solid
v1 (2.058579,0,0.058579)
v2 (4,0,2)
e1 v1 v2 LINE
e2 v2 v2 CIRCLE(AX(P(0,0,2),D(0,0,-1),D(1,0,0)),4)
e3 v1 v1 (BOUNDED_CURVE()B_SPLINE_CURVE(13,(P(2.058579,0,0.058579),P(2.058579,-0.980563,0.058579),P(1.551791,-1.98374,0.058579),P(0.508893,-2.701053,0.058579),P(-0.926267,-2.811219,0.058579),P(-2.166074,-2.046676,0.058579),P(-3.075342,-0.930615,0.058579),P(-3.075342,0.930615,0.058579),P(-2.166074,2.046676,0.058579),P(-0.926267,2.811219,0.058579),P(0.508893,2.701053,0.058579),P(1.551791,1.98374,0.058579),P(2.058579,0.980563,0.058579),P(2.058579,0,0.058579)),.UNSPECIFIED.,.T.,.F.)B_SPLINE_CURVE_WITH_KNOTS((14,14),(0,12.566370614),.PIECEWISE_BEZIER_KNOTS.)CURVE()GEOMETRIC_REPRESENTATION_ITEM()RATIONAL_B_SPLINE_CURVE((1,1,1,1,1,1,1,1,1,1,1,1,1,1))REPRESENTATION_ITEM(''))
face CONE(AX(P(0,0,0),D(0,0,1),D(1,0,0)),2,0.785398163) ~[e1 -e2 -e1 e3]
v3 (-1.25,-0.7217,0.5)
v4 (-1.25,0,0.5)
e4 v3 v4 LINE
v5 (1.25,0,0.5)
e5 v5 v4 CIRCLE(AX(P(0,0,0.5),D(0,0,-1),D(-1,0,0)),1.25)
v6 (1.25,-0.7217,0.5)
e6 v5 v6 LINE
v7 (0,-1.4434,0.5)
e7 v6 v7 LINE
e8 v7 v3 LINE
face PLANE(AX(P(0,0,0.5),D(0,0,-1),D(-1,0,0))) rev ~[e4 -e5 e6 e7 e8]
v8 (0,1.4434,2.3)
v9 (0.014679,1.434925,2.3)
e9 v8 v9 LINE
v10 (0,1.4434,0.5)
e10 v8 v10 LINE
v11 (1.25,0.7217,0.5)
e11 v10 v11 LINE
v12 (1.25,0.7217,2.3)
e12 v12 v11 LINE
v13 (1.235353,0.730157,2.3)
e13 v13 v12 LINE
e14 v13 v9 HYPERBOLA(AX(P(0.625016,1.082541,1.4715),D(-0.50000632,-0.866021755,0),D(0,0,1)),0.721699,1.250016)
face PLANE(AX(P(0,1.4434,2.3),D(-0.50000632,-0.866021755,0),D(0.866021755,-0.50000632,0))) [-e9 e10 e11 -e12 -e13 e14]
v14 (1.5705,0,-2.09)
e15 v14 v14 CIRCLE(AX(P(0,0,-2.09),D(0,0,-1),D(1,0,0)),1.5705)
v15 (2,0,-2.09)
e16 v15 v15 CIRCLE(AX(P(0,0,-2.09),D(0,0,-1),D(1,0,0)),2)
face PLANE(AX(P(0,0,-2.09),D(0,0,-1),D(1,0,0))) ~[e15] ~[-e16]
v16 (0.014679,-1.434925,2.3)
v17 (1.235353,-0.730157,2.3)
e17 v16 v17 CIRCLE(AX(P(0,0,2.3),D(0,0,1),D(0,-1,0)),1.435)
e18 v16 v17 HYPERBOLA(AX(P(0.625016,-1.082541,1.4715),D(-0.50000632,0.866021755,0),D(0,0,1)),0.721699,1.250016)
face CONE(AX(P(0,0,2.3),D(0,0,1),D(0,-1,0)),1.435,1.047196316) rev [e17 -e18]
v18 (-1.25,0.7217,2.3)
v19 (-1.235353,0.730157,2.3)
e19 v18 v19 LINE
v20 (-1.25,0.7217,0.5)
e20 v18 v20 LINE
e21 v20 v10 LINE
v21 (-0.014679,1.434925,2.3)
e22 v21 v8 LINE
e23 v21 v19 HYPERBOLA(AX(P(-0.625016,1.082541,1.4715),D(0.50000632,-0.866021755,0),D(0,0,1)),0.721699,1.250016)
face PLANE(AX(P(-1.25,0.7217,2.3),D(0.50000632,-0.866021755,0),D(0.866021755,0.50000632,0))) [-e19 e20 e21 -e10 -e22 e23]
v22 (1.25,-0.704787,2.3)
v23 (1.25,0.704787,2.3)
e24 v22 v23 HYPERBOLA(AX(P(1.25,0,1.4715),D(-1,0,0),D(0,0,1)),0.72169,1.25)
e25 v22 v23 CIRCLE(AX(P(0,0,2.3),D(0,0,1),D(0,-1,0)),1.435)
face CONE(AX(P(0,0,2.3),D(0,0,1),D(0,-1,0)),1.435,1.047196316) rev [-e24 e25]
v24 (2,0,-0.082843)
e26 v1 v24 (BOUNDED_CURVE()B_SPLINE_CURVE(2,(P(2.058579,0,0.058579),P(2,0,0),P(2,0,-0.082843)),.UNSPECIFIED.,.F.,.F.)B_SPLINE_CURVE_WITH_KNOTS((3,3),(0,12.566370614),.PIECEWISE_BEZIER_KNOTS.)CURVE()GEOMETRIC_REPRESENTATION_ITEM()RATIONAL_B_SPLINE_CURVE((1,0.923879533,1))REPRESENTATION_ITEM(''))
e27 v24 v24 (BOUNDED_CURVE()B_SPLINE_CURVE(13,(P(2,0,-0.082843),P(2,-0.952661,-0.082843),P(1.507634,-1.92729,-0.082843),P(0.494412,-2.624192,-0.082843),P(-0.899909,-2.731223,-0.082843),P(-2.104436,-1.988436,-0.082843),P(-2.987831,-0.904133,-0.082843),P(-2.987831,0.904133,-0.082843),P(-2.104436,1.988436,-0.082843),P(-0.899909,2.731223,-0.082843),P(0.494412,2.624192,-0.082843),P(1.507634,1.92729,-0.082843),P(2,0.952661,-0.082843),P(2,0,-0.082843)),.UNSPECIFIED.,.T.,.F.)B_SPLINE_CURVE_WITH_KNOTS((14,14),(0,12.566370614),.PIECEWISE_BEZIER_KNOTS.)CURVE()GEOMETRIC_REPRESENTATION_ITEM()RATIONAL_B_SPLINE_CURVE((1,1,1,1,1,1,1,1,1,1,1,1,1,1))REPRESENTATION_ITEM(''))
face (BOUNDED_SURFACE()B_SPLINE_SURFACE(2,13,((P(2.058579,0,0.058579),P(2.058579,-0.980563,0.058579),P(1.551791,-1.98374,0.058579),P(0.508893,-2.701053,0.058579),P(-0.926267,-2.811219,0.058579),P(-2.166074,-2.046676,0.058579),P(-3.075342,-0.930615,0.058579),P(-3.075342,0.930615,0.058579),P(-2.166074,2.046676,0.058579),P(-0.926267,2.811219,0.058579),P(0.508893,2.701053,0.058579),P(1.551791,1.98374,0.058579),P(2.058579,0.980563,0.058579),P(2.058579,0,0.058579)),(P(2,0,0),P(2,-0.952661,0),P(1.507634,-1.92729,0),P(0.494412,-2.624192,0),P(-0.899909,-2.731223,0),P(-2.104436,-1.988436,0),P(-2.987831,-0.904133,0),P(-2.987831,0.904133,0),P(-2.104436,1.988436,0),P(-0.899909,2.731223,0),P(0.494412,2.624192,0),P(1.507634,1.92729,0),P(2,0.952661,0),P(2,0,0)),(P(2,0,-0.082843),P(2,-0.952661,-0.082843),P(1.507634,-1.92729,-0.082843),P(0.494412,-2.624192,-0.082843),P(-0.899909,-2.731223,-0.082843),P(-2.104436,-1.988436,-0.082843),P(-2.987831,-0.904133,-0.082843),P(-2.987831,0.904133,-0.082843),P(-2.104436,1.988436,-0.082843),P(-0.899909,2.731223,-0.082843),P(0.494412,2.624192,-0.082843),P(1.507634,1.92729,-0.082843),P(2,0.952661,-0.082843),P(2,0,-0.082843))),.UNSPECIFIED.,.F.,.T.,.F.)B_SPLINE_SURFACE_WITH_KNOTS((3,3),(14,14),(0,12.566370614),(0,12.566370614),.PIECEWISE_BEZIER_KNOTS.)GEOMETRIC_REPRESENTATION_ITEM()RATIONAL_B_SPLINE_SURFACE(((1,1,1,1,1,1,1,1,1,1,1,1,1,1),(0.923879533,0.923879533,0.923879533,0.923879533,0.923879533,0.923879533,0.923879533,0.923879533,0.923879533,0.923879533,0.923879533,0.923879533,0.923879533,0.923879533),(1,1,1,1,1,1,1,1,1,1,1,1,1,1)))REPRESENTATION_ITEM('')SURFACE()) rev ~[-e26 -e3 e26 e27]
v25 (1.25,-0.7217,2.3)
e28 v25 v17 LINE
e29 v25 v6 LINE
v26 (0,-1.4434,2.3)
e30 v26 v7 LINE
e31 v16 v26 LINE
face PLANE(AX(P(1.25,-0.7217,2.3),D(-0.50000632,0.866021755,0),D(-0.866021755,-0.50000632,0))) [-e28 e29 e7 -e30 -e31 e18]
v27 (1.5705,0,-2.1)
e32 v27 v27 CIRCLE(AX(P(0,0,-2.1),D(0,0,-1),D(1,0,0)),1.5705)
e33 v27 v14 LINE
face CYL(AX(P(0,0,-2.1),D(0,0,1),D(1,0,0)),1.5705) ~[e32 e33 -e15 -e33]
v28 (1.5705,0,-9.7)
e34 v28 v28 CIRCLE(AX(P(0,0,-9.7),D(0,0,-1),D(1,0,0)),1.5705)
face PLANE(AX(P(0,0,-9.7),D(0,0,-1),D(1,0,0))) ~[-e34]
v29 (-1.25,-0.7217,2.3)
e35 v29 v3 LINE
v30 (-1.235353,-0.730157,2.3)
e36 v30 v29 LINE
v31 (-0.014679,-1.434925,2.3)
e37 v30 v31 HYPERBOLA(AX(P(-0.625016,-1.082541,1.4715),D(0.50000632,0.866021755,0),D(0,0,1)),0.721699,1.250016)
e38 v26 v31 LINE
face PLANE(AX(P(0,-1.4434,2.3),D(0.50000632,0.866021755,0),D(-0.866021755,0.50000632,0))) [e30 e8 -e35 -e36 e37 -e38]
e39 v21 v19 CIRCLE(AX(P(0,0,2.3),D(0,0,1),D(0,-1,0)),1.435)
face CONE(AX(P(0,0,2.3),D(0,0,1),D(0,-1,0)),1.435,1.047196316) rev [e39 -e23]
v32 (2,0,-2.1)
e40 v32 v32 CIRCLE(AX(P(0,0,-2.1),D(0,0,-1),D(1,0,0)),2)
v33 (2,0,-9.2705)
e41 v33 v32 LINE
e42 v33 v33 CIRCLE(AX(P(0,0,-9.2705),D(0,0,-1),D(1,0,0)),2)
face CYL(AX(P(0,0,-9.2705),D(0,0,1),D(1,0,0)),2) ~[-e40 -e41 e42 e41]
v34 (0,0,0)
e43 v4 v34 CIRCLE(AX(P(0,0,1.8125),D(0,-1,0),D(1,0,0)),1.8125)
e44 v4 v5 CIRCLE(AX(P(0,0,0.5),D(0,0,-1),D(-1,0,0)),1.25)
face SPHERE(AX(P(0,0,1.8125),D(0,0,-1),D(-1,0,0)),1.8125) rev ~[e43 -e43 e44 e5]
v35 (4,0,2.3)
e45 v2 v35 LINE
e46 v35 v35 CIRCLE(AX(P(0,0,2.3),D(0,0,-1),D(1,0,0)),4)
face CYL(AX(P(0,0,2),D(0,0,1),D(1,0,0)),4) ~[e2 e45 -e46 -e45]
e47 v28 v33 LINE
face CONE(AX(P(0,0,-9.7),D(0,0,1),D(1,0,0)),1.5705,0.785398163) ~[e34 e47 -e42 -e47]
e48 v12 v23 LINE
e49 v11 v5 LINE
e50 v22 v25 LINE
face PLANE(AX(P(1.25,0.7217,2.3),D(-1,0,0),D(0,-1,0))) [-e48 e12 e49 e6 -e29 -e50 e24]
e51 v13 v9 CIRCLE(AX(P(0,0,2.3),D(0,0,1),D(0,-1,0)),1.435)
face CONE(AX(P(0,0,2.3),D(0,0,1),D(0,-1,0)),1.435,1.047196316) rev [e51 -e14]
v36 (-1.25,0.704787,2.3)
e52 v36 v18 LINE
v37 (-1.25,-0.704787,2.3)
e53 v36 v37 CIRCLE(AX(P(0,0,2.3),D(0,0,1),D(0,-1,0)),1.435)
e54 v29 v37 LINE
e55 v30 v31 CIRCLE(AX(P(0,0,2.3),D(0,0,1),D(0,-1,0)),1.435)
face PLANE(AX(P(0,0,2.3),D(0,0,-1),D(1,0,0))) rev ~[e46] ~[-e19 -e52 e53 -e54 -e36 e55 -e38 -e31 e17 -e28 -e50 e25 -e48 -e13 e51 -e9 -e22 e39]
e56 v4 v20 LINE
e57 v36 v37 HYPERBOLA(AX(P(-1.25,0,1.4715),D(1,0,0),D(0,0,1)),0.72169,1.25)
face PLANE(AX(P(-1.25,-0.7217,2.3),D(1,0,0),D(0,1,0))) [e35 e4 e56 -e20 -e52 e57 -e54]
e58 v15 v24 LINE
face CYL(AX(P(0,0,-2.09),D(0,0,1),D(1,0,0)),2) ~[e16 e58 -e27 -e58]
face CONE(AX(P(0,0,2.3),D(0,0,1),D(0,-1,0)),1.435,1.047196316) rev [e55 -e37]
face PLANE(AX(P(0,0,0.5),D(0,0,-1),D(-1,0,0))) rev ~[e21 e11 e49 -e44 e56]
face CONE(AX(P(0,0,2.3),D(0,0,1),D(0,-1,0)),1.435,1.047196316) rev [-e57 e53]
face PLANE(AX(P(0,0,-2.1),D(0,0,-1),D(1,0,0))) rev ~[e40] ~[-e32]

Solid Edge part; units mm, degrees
sketch "Sketch1" plane through (0, 0, 0) normal (0, -1, 0) x (1, 0, 0)
  line L0 (2, 0) -> (4, 2)
  line L1 (4, 2) -> (4, 2.3)
  line L2 (4, 2.3) -> (0, 2.3)
  line L3 (0, 2.3) -> (0, -9.7)
  line L4 (0, -9.7) -> (1.5705, -9.7)
  line L5 (1.5705, -9.7) -> (2, -9.2705)
  line L6 (2, -9.2705) -> (2, -2.1)
  line L7 (2, -2.1) -> (1.5705, -2.1)
  line L8 (1.5705, -2.1) -> (1.5705, -2.09)
  line L9 (1.5705, -2.09) -> (2, -2.09)
  line L10 (2, -2.09) -> (2, 0)
  dimension "D1" = 12
  dimension "D2" = 4
  dimension "D3" = 2.3
  dimension "D4" = 0.01
  dimension "D5" = 1.5705
  dimension "D6" = 4.4
  dimension "D7" = 0.3
revolve "RevolvedProtrusion1" add sketch "Sketch1" angle 360 about axis through (0, 0, 54) along (0, 0, -1)
sketch "Sketch2" plane through (0, 0, 0) normal (0, -1, 0) x (1, 0, 0)
  arc A0 (-1.25, 0.5) -> (0, 0) centre (0, 1.8125) ccw
  line L0 (0, 0.5) -> (0, 0)
  line L1 (-1.25, 0.5) -> (0, 0.5)
  dimension "D1" = 10.2
revolve "RevolvedCutout1" cut sketch "Sketch2" angle 360 about axis through (0, 0, 54) along (0, 0, -1)
sketch "Sketch3" plane through (0, 0, 2.3) normal (0, 0, 1) x (0, -1, 0)
  line L0 (-1.4434, 0) -> (-0.7217, 1.25)
  line L1 (-0.7217, 1.25) -> (0.7217, 1.25)
  line L2 (0.7217, 1.25) -> (1.4434, 0)
  line L3 (1.4434, 0) -> (0.7217, -1.25)
  line L4 (0.7217, -1.25) -> (-0.7217, -1.25)
  line L5 (-0.7217, -1.25) -> (-1.4434, 0)
  dimension "D1" = 2.5
extrude "Cutout1" cut sketch "Sketch3" against normal blind 1.8
cosmetic_thread "Thread1" size "M4"
sketch "Sketch4" plane through (0, 0, 0) normal (1, 0, 0) x (0, 1, 0)
  line L0 (-1.435, 2.3) -> (0, 1.4715)
revolve "RevolvedCutout2" cut sketch "Sketch4" angle 360 about axis through (0, 0, -57) along (0, 0, 1) material side at (0, -0.6925, 1.9291)
fillet "Round1" radius 0.2 1 edges at (-2, 0, 0)
properties material "Stahl"
